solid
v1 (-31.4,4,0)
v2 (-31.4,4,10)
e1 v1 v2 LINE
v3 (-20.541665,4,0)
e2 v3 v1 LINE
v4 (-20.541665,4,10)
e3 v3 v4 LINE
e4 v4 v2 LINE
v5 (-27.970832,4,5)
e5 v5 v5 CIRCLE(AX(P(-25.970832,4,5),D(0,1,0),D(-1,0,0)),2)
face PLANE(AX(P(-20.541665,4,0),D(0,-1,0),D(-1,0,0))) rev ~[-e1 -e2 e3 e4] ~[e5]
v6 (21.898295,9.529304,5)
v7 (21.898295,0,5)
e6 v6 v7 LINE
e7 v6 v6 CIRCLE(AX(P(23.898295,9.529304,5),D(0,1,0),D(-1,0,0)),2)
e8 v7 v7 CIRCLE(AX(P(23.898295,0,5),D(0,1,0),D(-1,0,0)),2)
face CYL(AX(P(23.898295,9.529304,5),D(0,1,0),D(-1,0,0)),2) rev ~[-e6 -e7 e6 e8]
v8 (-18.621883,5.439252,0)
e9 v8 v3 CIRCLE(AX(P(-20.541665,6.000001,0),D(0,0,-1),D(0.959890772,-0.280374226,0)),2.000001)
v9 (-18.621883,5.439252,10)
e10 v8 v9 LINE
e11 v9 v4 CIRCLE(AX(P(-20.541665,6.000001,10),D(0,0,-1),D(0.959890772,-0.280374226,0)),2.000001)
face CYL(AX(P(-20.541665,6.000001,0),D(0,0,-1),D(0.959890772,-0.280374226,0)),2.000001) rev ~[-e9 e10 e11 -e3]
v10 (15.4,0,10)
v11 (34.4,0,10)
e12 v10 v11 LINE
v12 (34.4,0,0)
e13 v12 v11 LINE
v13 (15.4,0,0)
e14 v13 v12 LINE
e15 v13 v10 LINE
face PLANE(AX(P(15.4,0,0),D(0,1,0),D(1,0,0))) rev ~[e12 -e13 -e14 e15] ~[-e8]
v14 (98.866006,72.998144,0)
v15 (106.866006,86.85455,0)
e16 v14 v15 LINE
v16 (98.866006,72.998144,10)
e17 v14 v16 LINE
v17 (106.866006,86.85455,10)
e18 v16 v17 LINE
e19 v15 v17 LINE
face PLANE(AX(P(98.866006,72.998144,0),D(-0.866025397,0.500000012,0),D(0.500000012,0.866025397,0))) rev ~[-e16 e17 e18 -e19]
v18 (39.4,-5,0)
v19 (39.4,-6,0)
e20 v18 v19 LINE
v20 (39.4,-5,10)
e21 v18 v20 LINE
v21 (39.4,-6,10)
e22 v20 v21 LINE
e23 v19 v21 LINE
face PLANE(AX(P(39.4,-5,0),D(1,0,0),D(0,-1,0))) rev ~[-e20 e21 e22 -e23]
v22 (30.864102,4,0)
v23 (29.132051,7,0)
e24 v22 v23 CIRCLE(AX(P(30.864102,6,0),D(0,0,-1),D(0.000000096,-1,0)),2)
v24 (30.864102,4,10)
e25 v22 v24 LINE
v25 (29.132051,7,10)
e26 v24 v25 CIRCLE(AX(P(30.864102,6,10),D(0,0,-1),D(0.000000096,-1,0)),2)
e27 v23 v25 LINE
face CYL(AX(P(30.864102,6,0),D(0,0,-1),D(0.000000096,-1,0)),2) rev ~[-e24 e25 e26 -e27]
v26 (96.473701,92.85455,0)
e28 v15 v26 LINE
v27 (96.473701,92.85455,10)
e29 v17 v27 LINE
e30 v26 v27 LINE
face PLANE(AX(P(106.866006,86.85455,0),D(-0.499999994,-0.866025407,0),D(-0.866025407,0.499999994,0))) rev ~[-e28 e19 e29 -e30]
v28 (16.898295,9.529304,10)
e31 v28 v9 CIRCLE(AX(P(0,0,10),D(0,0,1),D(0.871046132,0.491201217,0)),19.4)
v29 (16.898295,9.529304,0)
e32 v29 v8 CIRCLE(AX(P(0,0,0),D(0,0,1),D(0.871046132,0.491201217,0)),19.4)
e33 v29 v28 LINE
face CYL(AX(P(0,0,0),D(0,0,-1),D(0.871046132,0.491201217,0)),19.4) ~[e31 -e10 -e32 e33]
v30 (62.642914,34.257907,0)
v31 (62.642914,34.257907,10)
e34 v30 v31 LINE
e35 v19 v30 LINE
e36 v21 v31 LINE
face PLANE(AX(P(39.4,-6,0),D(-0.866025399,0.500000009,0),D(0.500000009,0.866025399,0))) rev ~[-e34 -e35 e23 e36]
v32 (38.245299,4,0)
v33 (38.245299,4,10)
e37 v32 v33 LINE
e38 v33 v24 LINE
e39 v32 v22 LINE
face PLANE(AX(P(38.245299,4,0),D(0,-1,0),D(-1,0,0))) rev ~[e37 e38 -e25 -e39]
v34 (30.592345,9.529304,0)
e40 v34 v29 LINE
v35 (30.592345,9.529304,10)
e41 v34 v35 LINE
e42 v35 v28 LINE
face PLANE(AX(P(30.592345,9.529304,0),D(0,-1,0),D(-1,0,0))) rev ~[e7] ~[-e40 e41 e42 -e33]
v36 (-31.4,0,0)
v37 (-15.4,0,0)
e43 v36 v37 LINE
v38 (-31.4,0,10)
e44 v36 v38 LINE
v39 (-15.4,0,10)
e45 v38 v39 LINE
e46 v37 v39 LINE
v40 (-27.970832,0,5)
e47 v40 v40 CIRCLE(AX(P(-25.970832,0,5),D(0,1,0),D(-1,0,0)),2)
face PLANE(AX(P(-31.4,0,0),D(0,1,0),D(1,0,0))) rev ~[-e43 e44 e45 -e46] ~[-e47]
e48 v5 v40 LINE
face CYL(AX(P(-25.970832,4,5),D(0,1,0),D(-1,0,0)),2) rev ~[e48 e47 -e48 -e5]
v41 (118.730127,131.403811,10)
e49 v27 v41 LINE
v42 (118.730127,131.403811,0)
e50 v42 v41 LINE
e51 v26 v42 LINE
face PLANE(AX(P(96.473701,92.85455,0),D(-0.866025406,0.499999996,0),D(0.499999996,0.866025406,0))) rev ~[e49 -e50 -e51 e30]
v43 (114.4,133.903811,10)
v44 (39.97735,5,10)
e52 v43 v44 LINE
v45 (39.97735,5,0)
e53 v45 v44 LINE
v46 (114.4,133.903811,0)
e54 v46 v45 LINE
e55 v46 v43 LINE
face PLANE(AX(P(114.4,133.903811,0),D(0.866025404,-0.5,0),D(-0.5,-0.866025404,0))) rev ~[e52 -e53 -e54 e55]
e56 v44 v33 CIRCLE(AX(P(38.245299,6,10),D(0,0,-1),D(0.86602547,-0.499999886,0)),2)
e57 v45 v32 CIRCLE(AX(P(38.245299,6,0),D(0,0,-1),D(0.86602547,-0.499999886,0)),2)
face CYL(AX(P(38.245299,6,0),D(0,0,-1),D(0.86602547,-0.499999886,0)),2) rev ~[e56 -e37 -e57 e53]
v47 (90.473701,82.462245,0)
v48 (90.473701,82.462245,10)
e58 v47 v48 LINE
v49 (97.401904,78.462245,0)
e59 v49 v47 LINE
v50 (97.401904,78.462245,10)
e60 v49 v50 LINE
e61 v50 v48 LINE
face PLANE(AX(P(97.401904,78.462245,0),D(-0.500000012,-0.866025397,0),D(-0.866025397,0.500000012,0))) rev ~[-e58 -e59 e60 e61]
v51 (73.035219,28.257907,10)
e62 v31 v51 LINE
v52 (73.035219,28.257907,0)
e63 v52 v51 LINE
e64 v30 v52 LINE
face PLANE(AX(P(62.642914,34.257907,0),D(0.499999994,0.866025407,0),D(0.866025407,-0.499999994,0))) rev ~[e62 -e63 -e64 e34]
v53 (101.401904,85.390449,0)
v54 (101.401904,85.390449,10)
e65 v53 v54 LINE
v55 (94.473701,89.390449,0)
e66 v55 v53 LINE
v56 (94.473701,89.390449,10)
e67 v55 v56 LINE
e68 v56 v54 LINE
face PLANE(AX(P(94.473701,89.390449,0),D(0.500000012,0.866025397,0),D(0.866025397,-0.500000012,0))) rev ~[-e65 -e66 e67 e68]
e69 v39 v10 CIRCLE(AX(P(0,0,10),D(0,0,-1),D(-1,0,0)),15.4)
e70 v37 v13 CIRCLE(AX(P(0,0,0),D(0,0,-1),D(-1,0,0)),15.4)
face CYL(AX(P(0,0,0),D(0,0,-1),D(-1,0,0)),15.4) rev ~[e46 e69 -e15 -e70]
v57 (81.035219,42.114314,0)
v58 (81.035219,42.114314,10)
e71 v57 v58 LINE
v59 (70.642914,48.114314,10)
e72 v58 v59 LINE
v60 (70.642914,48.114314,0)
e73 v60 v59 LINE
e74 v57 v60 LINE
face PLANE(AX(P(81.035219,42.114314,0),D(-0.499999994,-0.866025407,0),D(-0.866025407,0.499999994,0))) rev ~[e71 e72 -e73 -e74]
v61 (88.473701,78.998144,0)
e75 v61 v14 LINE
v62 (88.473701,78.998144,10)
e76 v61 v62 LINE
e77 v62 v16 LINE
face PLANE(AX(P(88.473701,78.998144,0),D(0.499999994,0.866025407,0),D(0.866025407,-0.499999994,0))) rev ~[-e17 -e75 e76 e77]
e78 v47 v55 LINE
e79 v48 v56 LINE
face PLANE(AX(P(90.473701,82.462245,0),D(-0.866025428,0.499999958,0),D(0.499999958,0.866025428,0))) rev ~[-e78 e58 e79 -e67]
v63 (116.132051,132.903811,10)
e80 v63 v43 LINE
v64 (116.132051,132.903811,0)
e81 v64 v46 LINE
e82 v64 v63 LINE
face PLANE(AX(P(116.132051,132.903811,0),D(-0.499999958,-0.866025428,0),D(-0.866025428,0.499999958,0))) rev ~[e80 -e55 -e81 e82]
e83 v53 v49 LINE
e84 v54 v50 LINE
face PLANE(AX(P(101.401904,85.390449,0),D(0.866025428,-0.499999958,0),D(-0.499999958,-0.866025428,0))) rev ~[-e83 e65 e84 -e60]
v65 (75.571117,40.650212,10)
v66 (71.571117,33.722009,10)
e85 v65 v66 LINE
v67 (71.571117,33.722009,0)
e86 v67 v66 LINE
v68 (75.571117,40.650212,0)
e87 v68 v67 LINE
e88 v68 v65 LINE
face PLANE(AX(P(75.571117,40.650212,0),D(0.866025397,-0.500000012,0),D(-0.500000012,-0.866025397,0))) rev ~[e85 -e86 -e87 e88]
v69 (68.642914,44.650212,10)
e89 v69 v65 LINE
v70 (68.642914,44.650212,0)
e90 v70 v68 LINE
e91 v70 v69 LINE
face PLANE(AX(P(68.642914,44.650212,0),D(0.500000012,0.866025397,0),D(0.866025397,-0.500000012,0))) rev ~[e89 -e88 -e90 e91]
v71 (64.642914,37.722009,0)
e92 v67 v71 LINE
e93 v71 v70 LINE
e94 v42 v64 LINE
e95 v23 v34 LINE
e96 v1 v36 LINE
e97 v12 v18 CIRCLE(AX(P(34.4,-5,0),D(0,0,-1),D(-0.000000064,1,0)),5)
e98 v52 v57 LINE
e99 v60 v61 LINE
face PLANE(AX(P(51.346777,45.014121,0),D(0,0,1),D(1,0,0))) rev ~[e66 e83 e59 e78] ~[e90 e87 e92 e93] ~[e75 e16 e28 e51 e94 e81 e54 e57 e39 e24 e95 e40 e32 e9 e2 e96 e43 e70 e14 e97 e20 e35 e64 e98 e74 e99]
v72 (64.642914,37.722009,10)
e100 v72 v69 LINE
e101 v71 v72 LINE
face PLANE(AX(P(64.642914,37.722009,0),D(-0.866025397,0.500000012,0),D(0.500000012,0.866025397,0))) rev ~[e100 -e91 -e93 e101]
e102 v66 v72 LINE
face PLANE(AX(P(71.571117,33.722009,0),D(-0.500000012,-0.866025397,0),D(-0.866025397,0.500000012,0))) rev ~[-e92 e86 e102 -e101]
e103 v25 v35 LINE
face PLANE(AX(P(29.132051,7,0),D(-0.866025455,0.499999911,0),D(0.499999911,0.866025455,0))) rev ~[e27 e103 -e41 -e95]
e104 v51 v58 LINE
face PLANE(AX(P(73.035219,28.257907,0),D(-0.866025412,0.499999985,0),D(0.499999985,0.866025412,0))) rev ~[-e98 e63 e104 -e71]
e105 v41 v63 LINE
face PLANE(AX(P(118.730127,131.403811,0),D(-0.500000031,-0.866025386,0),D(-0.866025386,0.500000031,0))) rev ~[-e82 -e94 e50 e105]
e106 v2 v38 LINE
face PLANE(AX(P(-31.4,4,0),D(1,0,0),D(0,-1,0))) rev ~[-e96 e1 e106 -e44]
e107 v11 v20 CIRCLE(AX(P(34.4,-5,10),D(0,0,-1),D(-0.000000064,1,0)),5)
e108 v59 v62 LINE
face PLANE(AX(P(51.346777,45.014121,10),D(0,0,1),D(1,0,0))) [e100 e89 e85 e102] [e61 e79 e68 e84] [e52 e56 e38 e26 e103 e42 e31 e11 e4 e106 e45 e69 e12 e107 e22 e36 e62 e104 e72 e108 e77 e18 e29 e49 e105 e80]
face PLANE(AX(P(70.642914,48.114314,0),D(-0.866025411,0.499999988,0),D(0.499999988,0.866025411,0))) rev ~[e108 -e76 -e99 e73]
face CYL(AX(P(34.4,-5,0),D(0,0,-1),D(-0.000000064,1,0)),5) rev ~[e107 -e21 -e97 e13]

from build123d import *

# Parameters (mm, degrees)
F1_DEPTH = 10
F2_R     = 2
F3_DEPTH = 10.001
F4_R     = 2
F5_DEPTH = 15.530304


with BuildPart() as f1:
    # F0 (on Top) → F1 (new body)
    with BuildSketch(Plane.XY):
        with BuildLine():
            ThreePointArc((-15.4, 0), (0, 15.4), (15.4, 0))
            Line((15.4, 0), (19.4, 0))
            Line((19.4, 0), (34.4, 0))
            ThreePointArc((34.4, 0), (37.935534, -1.464466), (39.4, -5))
            Line((39.4, -5), (39.4, -6))
            Line((39.4, -6), (62.642914, 34.257907))
            Line((62.642914, 34.257907), (64.642914, 37.722009))
            Line((64.642914, 37.722009), (68.642914, 44.650212))
            Line((68.642914, 44.650212), (70.642914, 48.114314))
            Line((70.642914, 48.114314), (88.473701, 78.998144))
            Line((88.473701, 78.998144), (90.473701, 82.462245))
            Line((90.473701, 82.462245), (94.473701, 89.390449))
            Line((94.473701, 89.390449), (96.473701, 92.85455))
            Line((96.473701, 92.85455), (118.730127, 131.403811))
            Line((118.730127, 131.403811), (116.132051, 132.903811))
            Line((116.132051, 132.903811), (114.4, 133.903811))
            Line((114.4, 133.903811), (39.97735, 5))
            ThreePointArc((39.97735, 5), (39.245299, 4.267949), (38.245299, 4))
            Line((38.245299, 4), (30.864102, 4))
            ThreePointArc((30.864102, 4), (29.132051, 5), (29.132051, 7))
            Line((29.132051, 7), (30.592345, 9.529304))
            Line((30.592345, 9.529304), (16.898295, 9.529304))
            ThreePointArc((16.898295, 9.529304), (-2.219193, 19.272654), (-18.621883, 5.439252))
            ThreePointArc((-18.621883, 5.439252), (-19.341977, 4.399766), (-20.541665, 4))
            Line((-20.541665, 4), (-31.4, 4))
            Line((-31.4, 4), (-31.4, 0))
            Line((-31.4, 0), (-19.4, 0))
            Line((-19.4, 0), (-15.4, 0))
        make_face()
        Polygon((64.642914, 37.722009), (62.642914, 34.257907), (73.035219, 28.257907), (81.035219, 42.114314), (70.642914, 48.114314), (68.642914, 44.650212), (75.571117, 40.650212), (71.571117, 33.722009), align=None)
        Polygon((90.473701, 82.462245), (88.473701, 78.998144), (98.866006, 72.998144), (106.866006, 86.85455), (96.473701, 92.85455), (94.473701, 89.390449), (101.401904, 85.390449), (97.401904, 78.462245), align=None)
    extrude(amount=F1_DEPTH)

    # F2 (on face) → F3 (cut, through all)
    with BuildSketch(Plane(origin=(0, 4, 0), x_dir=(-1, 0, 0), z_dir=(0, 1, 0))):
        with Locations((25.970832, 5)):
            Circle(F2_R)
    extrude(amount=-F3_DEPTH, mode=Mode.SUBTRACT)

    # F4 (on face) → F5 (cut, through all)
    with BuildSketch(Plane(origin=(0, 9.529304, 0), x_dir=(-1, 0, 0), z_dir=(0, 1, 0))):
        with Locations((-23.898295, 5)):
            Circle(F4_R)
    extrude(amount=-F5_DEPTH, mode=Mode.SUBTRACT)


solid = f1.part
